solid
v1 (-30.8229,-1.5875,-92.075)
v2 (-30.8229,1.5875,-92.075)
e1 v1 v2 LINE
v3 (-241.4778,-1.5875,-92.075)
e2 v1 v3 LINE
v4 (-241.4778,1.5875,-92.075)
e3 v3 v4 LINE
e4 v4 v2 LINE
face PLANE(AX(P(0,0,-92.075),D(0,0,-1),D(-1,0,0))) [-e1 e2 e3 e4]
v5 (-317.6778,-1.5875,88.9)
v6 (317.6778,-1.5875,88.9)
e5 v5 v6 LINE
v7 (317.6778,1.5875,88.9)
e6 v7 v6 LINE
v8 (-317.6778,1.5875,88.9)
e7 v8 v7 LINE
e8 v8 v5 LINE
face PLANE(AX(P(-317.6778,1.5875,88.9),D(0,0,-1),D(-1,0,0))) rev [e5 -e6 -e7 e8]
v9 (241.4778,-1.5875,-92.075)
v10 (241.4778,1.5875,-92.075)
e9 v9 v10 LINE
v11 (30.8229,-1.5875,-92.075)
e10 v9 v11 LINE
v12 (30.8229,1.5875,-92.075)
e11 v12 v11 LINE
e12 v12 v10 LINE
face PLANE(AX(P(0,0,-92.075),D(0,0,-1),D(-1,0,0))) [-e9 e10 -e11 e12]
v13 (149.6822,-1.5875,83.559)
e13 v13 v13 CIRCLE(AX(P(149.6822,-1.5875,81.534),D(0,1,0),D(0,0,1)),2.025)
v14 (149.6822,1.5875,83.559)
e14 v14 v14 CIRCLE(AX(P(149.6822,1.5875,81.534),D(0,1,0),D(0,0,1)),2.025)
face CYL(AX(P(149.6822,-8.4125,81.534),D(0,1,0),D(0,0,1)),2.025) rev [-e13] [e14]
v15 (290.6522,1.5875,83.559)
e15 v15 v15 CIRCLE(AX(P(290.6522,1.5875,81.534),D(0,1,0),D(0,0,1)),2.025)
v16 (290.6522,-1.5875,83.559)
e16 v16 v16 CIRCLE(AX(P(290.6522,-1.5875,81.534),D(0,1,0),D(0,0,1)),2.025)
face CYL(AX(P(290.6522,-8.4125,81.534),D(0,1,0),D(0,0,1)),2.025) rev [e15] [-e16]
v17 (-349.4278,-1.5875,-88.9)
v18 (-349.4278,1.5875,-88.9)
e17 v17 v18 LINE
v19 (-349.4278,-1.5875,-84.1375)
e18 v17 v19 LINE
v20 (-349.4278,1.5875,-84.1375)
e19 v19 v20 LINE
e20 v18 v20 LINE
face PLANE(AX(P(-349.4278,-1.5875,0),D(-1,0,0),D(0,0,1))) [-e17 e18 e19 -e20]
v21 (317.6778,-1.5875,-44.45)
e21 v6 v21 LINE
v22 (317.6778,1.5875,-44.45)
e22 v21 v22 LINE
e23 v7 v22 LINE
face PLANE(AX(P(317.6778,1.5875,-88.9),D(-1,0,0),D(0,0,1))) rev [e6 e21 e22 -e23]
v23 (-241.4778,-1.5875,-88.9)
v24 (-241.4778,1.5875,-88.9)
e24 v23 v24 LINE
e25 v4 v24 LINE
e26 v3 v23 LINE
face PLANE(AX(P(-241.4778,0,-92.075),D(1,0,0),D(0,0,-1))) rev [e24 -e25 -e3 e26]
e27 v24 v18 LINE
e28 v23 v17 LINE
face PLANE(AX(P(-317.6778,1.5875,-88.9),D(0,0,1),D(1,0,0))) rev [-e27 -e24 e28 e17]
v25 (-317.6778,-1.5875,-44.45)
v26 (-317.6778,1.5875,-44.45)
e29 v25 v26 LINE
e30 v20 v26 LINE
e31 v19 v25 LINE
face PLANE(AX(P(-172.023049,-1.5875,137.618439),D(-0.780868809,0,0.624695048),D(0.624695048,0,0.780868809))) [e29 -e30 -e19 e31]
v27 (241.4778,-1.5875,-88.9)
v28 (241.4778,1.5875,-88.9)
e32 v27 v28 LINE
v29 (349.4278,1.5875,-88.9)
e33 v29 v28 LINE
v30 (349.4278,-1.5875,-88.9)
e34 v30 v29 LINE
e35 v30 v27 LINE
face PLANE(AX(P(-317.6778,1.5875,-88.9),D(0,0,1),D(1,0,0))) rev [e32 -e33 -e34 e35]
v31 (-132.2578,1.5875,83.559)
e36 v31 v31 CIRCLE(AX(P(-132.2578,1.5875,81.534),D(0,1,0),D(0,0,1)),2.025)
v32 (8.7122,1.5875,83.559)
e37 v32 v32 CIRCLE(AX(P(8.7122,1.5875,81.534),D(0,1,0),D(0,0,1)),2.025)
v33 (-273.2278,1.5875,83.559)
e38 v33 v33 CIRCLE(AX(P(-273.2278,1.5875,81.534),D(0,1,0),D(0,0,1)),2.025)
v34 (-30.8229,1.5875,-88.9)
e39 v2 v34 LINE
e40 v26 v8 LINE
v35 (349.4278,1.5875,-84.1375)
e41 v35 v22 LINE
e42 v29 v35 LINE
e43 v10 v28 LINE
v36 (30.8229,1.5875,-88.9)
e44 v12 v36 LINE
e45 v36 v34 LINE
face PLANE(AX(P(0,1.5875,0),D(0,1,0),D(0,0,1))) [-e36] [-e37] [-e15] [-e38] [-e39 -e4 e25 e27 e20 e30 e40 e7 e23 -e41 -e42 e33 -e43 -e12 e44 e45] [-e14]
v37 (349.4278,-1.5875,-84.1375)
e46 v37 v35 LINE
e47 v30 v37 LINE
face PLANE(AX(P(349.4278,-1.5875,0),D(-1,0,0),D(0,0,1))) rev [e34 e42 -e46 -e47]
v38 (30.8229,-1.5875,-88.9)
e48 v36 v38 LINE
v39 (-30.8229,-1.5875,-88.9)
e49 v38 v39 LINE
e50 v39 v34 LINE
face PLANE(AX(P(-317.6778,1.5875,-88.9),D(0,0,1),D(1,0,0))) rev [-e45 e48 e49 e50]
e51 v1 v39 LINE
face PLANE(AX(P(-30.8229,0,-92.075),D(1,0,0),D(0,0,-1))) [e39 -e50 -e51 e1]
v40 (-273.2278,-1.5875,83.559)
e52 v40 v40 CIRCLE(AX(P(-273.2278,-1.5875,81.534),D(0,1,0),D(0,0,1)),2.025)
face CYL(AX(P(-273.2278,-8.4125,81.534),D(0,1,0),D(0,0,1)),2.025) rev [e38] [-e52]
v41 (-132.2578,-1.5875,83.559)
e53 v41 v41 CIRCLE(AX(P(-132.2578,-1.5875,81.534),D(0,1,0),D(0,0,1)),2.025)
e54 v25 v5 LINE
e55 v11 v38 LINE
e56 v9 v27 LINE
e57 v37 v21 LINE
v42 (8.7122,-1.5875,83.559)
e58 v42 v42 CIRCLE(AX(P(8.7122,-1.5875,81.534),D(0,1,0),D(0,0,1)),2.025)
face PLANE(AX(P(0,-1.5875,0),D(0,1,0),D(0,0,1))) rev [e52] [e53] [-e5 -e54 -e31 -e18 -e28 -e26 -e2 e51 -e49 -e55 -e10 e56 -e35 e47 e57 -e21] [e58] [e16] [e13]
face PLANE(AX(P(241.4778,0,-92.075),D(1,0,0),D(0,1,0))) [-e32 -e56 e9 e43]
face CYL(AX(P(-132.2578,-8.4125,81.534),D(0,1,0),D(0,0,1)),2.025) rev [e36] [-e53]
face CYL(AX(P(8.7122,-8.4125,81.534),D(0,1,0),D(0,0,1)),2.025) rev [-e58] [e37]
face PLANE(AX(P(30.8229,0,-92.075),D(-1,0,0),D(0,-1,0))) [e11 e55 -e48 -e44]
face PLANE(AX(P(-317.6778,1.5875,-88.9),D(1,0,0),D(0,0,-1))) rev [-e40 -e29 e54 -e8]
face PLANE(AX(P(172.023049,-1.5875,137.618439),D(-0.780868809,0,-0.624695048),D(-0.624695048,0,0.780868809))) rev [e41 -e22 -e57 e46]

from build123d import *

# Parameters (mm, degrees)
SKETCH1_W           = 635.3556
SKETCH1_H           = 177.8
BOSS_EXTRUDE1_DEPTH = 1.5875
SKETCH2_W           = 210.6549
SKETCH2_H           = 3.175
BOSS_EXTRUDE2_DEPTH = 3.175
BOSS_EXTRUDE3_DEPTH = 3.175
CUT_EXTRUDE1_DEPTH  = 10
LPATTERN1_COUNT     = 5
LPATTERN1_PITCH     = 140.97


with BuildPart() as part:
    # Sketch1 → Boss-Extrude1 (new, symmetric)
    with BuildSketch(Plane(origin=(0, 0, 0), x_dir=(1, 0, 0), z_dir=(0, 1, 0))):
        Rectangle(SKETCH1_W, SKETCH1_H)
    extrude(amount=BOSS_EXTRUDE1_DEPTH, both=True)

    # Sketch2 → Boss-Extrude2 (add)
    with BuildSketch(Plane(origin=(0, 0, -88.9), x_dir=(-1, 0, 0), z_dir=(0, 0, -1))):
        with Locations((-136.15035, 0)):
            Rectangle(SKETCH2_W, SKETCH2_H)
        with Locations((136.15035, 0)):
            Rectangle(SKETCH2_W, SKETCH2_H)
    extrude(amount=BOSS_EXTRUDE2_DEPTH)

    # Sketch3 → Boss-Extrude3 (add)
    with BuildSketch(Plane(origin=(0, 1.5875, 0), x_dir=(1, 0, 0), z_dir=(0, 1, 0))):
        Polygon((-317.6778, 44.45), (-317.6778, 88.9), (-349.4278, 88.9), (-349.4278, 84.1375), align=None)
    boss_extrude3 = extrude(amount=-BOSS_EXTRUDE3_DEPTH)

    # Mirror1: Boss-Extrude3 across plane
    add(boss_extrude3.mirror(Plane(origin=(0, 0, 0), x_dir=(0, 0, 1), z_dir=(1, 0, 0))))

    # Sketch4 → Cut-Extrude1 (cut)
    with BuildSketch(Plane(origin=(0, 1.5875, 0), x_dir=(1, 0, 0), z_dir=(0, 1, 0))):
        with BuildLine():
            ThreePointArc((-275.2528, -81.534), (-274.659691232, -82.965891232), (-273.2278, -83.559))
            Line((-273.2278, -83.559), (-273.2278, -81.534))
            Line((-273.2278, -81.534), (-275.2528, -81.534))
        make_face()
        with BuildLine():
            Line((-273.2278, -81.534), (-273.2278, -83.559))
            ThreePointArc((-273.2278, -83.559), (-271.795908768, -82.965891232), (-271.2028, -81.534))
            ThreePointArc((-271.2028, -81.534), (-273.2278, -79.509), (-275.2528, -81.534))
            Line((-275.2528, -81.534), (-273.2278, -81.534))
        make_face()
    cut_extrude1 = extrude(amount=-CUT_EXTRUDE1_DEPTH, mode=Mode.SUBTRACT)

    # LPattern1: Cut-Extrude1 ×5
    with Locations(*[(i * LPATTERN1_PITCH, 0, 0) for i in range(1, LPATTERN1_COUNT)]):
        add(cut_extrude1, mode=Mode.SUBTRACT)


solid = part.part
